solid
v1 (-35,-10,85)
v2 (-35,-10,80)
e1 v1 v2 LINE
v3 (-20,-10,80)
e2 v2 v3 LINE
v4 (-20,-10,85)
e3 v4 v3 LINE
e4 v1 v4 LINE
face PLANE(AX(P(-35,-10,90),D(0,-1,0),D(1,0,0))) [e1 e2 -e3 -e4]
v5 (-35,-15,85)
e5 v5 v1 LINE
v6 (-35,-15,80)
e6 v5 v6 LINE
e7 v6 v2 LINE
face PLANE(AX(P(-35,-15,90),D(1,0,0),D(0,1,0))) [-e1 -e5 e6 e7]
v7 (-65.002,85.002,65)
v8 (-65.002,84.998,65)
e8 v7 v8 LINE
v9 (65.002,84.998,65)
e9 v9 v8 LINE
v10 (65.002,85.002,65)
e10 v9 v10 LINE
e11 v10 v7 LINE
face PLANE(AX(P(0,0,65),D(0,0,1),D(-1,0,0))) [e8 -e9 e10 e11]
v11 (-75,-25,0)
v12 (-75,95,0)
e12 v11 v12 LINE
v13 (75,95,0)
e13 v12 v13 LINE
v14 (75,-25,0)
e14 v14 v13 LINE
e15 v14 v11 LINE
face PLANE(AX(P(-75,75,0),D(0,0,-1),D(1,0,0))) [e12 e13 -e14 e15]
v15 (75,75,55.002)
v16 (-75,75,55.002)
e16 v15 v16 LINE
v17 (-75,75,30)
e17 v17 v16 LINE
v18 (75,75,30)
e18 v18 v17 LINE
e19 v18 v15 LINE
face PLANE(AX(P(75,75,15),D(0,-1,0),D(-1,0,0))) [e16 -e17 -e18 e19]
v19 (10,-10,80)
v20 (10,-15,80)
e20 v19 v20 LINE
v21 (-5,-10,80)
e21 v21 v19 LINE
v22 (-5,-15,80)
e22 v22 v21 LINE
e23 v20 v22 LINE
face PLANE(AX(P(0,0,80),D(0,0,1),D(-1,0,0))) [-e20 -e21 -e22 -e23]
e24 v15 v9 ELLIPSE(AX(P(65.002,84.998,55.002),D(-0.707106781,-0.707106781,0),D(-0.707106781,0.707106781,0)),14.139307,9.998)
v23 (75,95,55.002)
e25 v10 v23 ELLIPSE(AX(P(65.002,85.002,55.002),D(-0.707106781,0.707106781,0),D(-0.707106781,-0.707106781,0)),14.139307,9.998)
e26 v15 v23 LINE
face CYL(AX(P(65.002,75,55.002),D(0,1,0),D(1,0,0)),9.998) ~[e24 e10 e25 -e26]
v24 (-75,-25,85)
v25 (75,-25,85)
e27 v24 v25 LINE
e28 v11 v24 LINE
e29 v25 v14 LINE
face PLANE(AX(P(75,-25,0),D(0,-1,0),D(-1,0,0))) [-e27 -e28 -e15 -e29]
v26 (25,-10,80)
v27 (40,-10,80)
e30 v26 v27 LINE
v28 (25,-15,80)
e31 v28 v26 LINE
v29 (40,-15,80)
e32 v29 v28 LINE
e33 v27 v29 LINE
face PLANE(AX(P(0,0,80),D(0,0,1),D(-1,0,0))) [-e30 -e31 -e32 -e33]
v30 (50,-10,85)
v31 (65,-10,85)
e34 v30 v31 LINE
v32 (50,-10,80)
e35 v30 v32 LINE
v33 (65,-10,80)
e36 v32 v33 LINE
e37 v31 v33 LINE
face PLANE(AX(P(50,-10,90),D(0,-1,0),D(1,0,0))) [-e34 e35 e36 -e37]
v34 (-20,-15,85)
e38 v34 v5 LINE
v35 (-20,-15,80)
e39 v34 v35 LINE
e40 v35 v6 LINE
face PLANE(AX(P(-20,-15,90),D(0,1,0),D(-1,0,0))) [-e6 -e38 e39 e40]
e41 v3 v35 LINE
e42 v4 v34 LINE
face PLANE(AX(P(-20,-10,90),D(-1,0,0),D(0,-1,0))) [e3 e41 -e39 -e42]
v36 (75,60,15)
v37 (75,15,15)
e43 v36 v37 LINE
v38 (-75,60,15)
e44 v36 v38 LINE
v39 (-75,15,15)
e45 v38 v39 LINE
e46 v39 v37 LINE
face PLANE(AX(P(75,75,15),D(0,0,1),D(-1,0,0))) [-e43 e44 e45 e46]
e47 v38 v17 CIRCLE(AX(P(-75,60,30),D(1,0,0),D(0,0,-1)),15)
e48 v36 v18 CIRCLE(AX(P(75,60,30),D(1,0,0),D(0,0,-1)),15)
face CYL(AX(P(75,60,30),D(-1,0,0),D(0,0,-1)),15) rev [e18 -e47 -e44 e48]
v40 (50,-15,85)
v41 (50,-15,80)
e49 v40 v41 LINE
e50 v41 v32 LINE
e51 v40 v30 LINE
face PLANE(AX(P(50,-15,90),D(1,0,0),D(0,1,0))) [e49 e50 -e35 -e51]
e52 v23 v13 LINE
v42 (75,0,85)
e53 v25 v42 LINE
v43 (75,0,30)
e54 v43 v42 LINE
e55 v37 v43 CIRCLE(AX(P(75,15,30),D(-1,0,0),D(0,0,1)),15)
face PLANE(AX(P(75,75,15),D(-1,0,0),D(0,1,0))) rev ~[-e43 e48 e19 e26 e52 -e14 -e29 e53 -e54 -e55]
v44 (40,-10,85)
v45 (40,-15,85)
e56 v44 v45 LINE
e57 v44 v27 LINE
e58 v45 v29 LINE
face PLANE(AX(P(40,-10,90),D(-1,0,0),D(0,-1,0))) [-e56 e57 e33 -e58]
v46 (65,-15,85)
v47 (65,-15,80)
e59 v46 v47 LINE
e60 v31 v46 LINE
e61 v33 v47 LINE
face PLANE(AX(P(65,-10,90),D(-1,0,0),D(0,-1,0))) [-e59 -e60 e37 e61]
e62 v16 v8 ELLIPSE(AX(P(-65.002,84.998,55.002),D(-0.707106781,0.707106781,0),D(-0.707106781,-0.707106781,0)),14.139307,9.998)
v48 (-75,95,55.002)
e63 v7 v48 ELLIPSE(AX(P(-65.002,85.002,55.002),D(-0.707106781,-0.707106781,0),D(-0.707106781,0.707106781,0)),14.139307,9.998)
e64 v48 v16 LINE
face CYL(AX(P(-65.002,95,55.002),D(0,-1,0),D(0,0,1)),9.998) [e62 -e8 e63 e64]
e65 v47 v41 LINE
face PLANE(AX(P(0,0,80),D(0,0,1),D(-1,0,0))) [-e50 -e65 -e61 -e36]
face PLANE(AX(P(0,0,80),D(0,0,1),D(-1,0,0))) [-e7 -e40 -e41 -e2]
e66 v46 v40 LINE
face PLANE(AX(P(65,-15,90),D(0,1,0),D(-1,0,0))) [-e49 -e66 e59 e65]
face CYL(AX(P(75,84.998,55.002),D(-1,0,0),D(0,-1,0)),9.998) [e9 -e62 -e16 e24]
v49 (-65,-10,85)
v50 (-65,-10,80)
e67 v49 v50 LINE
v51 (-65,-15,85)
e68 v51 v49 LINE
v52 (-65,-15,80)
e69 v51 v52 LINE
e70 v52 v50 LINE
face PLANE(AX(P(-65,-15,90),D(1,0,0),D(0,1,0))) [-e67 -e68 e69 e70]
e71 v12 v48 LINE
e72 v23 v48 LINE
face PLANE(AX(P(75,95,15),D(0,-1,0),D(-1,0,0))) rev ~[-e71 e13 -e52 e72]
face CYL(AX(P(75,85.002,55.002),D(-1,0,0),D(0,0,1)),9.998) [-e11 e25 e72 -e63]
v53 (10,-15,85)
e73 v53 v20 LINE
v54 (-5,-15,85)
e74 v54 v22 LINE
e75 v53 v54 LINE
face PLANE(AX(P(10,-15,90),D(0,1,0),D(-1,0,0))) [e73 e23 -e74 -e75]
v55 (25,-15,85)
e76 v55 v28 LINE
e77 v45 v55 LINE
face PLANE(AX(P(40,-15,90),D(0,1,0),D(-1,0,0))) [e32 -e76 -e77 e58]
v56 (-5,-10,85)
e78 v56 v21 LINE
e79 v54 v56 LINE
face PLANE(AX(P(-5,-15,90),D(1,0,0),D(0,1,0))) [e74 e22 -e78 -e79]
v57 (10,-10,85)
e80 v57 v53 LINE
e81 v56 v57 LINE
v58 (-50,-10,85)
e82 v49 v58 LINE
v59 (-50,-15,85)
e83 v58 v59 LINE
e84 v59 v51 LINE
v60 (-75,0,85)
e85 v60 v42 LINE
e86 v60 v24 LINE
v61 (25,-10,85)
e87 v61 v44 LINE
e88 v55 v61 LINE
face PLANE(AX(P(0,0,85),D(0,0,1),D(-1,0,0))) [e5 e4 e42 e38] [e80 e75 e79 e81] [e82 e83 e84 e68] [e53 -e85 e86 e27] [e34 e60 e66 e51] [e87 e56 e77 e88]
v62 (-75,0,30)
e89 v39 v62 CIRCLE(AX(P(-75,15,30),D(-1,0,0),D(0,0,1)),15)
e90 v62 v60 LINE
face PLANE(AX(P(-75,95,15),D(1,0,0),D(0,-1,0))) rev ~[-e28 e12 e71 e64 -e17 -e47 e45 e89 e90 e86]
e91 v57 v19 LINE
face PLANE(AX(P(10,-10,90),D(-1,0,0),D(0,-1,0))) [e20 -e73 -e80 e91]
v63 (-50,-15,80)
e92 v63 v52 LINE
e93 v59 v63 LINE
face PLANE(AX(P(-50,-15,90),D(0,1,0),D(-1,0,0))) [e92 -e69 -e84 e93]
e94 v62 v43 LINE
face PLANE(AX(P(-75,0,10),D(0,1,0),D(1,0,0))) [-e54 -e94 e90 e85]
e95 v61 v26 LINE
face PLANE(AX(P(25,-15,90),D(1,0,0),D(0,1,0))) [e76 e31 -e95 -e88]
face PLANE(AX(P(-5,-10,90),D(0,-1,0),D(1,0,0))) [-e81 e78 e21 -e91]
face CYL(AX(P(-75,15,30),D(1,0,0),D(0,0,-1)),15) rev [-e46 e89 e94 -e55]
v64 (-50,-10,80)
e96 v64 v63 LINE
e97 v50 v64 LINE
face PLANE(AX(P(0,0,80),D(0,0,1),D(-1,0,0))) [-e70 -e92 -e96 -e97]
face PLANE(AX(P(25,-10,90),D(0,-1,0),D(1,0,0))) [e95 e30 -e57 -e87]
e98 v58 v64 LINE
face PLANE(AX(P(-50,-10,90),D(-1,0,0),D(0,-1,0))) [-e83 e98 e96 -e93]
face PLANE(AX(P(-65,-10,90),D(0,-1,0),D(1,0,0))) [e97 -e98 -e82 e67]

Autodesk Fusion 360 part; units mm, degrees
sketch "Sketch1" plane through (0, 0, 0) normal (0, 0, 1) x (1, 0, 0)
  line L0 (-75, 75) -> (75, 75)
  line L1 (75, 75) -> (75, -25)
  line L2 (75, -25) -> (-75, -25)
  line L3 (-75, -25) -> (-75, 75)
  dimension "d1" = 150
  dimension "d2" = 100
extrude "Extrude1" add sketch "Sketch1" along normal blind 10
sketch "Sketch2" plane through (0, 0, 10) normal (0, 0, 1) x (-1, 0, 0)
  line L0 (75, 25) -> (-75, 25)
  line L1 (-75, 25) -> (-75, -75)
  line L2 (-75, -75) -> (75, -75)
  line L3 (75, -75) -> (75, 25)
  line L4 (-75, 25) -> (75, 25)
  line L5 (75, 25) -> (75, 0)
  line L6 (75, 0) -> (-75, 0)
  line L7 (-75, 0) -> (-75, 25)
extrude "Extrude2" add sketch "Sketch2" along normal blind 75 contours L0 L1 L3 L4 L5 L6 L7
sketch "Sketch3" plane through (0, 0, 10) normal (0, 0, 1) x (-1, 0, 0)
  line L0 (75, 0) -> (-75, 0)
  line L1 (-75, 0) -> (-75, -75)
  line L2 (-75, -75) -> (75, -75)
  line L3 (75, -75) -> (75, 0)
extrude "Extrude3" add sketch "Sketch3" along normal blind 5
extrude "Extrude4" add 1 faces at (25, 75, 5) along direction (0, 1, 0) blind 20
sketch "Sketch4" plane through (0, 0, 15) normal (0, 0, 1) x (-1, 0, 0)
  line L0 (75, -95) -> (75, 0)
  line L1 (75, 0) -> (-75, 0)
  line L2 (-75, 0) -> (-75, -95)
  line L3 (-75, -95) -> (75, -95)
  line L4 (-75, -75) -> (75, -75)
  line L5 (75, -75) -> (75, -95)
  line L6 (75, -95) -> (-75, -95)
  line L7 (-75, -95) -> (-75, -75)
extrude "Extrude5" add sketch "Sketch4" along normal blind 50 contours L0 L2 L3 L4 L5 L6 L7
fillet "Fillet1" radius 15 1 edges at (0, 0, 15)
fillet "Fillet2" radius 15 1 edges at (0, 75, 15)
sketch "Sketch5" plane through (0, 0, 85) normal (0, 0, 1) x (-1, 0, 0)
  line L0 (-75, 0) -> (75, 0)
  line L1 (75, 0) -> (75, 25)
  line L2 (75, 25) -> (-75, 25)
  line L3 (-75, 25) -> (-75, 0)
  line L4 (65, 10) -> (50, 10)
  line L5 (50, 10) -> (50, 15)
  line L6 (50, 15) -> (65, 15)
  line L7 (65, 15) -> (65, 10)
  line L8 (35, 10) -> (20, 10)
  line L9 (20, 10) -> (20, 15)
  line L10 (20, 15) -> (35, 15)
  line L11 (35, 15) -> (35, 10)
  line L12 (5, 10) -> (-10, 10)
  line L13 (-10, 10) -> (-10, 15)
  line L14 (-10, 15) -> (5, 15)
  line L15 (5, 15) -> (5, 10)
  line L16 (-25, 10) -> (-40, 10)
  line L17 (-40, 10) -> (-40, 15)
  line L18 (-40, 15) -> (-25, 15)
  line L19 (-25, 15) -> (-25, 10)
  line L20 (-50, 10) -> (-65, 10)
  line L21 (-65, 10) -> (-65, 15)
  line L22 (-65, 15) -> (-50, 15)
  line L23 (-50, 15) -> (-50, 10)
extrude "Extrude6" add sketch "Sketch5" along normal blind 5 contours L4 L5 L6 L7 | L8 L9 L10 L11 | L12 L13 L14 L15 | L16 L17 L18 L19 | L20 L21 L22 L23
fillet "Fillet3" radius 10 1 faces at (-25, 88.3333, 65)
extrude "Extrude7" cut 1 faces at (0, -11.6667, 90) along direction (0, 0, -1) blind 10
extrude "Extrude8" cut 1 faces at (-30, -11.6667, 90) along direction (0, 0, -1) blind 10
extrude "Extrude9" cut 1 faces at (-60, -11.6667, 90) along direction (0, 0, -1) blind 10
extrude "Extrude10" cut 1 faces at (30, -11.6667, 90) along direction (0, 0, -1) blind 10
extrude "Extrude11" cut 1 faces at (55, -11.6667, 90) along direction (0, 0, -1) blind 10
